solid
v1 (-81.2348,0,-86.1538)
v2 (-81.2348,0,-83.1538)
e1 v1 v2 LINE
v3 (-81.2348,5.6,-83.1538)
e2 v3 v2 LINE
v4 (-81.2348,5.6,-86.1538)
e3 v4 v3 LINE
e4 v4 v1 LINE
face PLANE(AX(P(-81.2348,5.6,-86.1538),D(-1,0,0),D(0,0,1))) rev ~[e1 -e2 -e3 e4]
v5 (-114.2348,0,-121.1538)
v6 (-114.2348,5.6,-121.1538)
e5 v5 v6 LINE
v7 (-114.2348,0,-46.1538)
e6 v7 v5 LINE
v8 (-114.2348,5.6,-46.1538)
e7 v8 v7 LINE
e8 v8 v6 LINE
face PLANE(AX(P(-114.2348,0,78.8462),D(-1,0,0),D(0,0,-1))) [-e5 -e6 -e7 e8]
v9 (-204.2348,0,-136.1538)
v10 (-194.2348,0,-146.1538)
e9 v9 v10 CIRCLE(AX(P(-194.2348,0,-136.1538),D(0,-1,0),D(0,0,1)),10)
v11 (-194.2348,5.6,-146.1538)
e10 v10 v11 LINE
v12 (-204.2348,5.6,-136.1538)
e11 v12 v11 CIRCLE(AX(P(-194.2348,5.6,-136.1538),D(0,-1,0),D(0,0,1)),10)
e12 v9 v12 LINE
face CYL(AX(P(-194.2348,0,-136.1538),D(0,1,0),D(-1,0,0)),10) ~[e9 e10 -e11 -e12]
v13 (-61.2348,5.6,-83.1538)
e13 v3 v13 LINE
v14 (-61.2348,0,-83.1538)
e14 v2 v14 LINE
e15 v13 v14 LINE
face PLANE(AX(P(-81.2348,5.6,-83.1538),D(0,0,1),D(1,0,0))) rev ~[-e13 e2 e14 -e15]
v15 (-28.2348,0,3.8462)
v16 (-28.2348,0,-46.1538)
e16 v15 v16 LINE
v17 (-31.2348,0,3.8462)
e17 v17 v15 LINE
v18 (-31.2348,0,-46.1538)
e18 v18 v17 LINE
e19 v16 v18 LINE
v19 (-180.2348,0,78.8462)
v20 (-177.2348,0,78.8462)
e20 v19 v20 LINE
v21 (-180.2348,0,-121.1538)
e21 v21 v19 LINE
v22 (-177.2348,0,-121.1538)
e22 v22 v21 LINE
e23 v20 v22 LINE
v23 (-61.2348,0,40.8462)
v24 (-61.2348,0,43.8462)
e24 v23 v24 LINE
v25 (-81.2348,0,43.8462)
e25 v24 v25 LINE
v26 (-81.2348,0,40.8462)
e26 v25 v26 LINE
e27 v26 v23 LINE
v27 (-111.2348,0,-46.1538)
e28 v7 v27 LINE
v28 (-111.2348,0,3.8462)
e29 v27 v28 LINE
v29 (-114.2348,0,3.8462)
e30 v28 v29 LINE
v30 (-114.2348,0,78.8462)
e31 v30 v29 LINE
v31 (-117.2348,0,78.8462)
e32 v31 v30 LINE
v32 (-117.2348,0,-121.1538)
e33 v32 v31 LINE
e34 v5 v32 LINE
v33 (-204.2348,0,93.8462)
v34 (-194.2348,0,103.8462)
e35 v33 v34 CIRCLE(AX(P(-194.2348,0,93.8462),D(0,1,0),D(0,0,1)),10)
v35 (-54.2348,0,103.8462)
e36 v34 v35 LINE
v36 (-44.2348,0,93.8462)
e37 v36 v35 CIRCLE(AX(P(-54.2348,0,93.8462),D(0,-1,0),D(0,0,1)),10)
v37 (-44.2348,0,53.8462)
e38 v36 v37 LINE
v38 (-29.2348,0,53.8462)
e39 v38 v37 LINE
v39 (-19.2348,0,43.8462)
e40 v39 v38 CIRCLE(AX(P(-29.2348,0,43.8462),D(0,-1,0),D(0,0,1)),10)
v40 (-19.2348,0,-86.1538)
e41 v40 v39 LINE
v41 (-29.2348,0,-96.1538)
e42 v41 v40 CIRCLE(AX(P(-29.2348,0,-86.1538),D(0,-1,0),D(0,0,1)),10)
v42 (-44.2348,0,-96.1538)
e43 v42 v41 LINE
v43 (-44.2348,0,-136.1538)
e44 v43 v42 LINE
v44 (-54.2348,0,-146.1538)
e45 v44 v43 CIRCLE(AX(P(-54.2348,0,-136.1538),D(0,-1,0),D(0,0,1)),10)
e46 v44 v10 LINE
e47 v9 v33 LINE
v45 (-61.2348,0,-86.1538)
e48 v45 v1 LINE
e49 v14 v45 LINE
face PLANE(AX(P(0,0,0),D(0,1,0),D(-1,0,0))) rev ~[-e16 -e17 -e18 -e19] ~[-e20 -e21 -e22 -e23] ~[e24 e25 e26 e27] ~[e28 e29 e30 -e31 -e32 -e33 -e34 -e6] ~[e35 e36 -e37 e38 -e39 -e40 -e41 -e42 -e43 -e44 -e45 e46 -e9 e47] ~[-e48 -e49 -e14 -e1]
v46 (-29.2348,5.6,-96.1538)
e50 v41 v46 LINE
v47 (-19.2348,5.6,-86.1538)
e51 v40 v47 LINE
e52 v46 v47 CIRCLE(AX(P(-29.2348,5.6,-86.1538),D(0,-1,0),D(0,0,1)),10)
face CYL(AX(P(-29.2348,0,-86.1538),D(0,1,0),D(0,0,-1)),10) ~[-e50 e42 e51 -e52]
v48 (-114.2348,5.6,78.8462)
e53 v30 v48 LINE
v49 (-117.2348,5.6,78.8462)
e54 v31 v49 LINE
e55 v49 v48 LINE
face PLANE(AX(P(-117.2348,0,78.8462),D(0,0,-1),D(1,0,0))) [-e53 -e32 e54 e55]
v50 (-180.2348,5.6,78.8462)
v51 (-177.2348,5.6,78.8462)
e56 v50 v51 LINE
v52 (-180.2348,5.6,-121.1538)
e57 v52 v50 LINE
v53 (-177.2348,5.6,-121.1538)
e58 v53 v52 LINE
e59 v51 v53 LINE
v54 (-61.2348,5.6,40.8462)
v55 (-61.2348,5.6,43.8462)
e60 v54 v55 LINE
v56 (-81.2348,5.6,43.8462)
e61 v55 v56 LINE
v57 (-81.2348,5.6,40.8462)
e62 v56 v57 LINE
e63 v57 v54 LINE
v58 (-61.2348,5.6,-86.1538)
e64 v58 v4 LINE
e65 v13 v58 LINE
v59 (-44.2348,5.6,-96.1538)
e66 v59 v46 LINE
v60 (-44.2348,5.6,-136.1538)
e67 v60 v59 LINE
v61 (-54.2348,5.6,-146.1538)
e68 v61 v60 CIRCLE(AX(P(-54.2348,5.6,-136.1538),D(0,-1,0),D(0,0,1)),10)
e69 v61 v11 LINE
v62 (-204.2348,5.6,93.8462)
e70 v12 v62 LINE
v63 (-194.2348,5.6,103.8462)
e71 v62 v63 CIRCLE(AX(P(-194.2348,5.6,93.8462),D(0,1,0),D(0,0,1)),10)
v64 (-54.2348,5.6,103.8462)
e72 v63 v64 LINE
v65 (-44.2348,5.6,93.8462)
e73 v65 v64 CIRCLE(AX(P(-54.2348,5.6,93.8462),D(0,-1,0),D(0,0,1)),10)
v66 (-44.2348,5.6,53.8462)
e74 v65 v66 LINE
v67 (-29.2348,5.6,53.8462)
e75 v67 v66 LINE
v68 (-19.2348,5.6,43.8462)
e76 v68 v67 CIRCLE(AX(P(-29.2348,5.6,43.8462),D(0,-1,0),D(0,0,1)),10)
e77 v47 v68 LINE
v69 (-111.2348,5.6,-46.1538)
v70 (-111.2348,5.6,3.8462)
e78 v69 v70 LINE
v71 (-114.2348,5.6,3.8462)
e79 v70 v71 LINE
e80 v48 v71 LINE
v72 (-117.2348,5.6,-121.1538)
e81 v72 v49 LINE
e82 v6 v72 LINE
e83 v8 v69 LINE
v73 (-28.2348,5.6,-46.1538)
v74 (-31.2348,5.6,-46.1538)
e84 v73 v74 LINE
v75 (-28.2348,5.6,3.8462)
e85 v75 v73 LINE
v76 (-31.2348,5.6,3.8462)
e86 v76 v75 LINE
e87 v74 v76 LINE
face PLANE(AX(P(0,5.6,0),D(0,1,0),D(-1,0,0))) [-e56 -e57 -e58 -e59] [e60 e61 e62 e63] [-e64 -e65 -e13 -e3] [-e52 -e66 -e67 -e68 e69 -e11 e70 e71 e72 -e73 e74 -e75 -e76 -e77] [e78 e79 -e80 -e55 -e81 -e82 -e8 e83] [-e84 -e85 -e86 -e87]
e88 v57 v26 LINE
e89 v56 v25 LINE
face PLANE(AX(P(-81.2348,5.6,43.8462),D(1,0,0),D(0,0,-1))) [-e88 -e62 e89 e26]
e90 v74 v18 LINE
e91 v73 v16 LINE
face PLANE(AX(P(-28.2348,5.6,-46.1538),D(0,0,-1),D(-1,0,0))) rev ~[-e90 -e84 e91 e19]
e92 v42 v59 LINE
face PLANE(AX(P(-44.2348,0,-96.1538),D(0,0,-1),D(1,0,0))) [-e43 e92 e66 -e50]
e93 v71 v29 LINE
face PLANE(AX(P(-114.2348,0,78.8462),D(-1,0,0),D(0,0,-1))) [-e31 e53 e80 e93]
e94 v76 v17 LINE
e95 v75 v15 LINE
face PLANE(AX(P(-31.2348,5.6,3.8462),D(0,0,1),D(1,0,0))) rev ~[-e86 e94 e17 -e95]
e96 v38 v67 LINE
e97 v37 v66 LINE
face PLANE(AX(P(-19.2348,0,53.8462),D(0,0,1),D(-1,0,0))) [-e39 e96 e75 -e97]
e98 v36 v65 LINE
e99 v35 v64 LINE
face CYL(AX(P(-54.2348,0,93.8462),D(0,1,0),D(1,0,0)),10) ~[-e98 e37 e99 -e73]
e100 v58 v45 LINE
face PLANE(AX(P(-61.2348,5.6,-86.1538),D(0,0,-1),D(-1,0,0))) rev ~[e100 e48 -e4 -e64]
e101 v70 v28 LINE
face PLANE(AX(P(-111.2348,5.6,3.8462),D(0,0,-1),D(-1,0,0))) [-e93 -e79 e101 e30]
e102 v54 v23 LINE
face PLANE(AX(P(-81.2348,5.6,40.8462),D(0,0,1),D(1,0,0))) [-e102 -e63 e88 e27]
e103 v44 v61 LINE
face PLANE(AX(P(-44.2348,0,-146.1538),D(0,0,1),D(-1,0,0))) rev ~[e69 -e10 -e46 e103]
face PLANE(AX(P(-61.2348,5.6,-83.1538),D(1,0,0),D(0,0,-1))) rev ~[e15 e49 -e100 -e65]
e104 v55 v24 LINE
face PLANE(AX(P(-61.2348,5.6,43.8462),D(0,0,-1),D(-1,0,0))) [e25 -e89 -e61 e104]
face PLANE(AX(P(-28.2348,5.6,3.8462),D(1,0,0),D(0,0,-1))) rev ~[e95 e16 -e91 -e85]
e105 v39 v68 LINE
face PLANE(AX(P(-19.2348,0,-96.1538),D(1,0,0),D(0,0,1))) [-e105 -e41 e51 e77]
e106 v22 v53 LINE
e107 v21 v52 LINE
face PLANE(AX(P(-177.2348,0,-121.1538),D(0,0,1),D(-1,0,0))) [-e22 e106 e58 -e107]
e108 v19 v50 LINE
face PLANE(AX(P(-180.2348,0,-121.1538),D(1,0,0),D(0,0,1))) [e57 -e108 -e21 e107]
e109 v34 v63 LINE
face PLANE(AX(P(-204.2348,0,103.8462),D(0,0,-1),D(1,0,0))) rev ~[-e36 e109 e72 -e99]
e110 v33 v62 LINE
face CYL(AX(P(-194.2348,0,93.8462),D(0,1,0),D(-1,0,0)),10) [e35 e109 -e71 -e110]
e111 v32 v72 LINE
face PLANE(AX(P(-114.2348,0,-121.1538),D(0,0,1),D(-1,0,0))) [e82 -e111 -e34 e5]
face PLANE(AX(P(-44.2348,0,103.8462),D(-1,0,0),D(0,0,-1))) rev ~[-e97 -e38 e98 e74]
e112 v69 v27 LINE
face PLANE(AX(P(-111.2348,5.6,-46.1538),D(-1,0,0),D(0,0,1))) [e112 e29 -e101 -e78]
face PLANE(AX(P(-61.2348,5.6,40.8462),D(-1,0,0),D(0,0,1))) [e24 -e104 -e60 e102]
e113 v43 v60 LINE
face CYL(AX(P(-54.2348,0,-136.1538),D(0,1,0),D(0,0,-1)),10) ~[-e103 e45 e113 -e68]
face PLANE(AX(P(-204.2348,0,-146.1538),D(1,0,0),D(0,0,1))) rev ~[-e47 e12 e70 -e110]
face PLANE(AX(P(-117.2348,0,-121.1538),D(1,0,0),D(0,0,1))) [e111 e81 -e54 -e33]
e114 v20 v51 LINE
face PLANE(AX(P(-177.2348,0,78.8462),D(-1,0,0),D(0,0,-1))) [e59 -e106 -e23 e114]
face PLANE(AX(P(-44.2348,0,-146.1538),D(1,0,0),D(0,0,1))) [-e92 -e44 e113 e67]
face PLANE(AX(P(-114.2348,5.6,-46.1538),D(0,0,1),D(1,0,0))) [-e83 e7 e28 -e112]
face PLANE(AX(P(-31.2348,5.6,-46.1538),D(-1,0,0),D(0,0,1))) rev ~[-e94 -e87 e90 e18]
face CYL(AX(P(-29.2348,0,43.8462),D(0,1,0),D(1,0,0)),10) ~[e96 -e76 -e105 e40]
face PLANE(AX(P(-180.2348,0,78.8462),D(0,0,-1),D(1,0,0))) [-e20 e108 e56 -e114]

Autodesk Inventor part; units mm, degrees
ref_plane "YZ Plane" through (0, 0, 0) normal (1, 0, 0) x (0, 1, 0)
ref_plane "XZ Plane" through (0, 0, 0) normal (0, 1, 0) x (-1, 0, 0)
ref_plane "XY Plane" through (0, 0, 0) normal (0, 0, 1) x (1, 0, 0)
sketch "Sketch1" plane through (0, 0, 0) normal (0, 1, 0) x (-1, 0, 0)
  line L0 (204.2348, 103.8462) -> (44.2348, 103.8462)
  line L1 (44.2348, 103.8462) -> (44.2348, -146.1538) construction
  line L2 (44.2348, -146.1538) -> (204.2348, -146.1538)
  line L3 (204.2348, -146.1538) -> (204.2348, 103.8462)
  line L4 (124.2348, 103.8462) -> (124.2348, -146.1538) construction
  line L5 (204.2348, -21.1538) -> (44.2348, -21.1538) construction
  line L6 (180.2348, 78.8462) -> (177.2348, 78.8462)
  line L7 (177.2348, 78.8462) -> (177.2348, -121.1538)
  line L8 (177.2348, -121.1538) -> (180.2348, -121.1538)
  line L9 (180.2348, -121.1538) -> (180.2348, 78.8462)
  line L10 (117.2348, 78.8462) -> (114.2348, 78.8462)
  line L11 (114.2348, 78.8462) -> (114.2348, -121.1538)
  line L12 (114.2348, -121.1538) -> (117.2348, -121.1538)
  line L13 (117.2348, -121.1538) -> (117.2348, 78.8462)
  line L14 (44.2348, -146.1538) -> (44.2348, -96.1538)
  line L15 (44.2348, 103.8462) -> (44.2348, 53.8462)
  line L16 (44.2348, -96.1538) -> (19.2348, -96.1538)
  line L17 (19.2348, -96.1538) -> (19.2348, 53.8462)
  line L18 (19.2348, 53.8462) -> (44.2348, 53.8462)
  point P0 (0, 0)
  dimension "d0" = 160
  dimension "d1" = 250
  dimension "d2" = 3
  dimension "d3" = 3
  dimension "d4" = 200
  dimension "d7" = 60
  dimension "d9" = 150
  dimension "d10" = 25
  dimension "d27" = 70
extrude "Extrusion2" add sketch "Sketch1" along normal blind 5.6
fillet "Fillet2" radius 10 6 edges at (-19.2348, 2.8, 53.8462) (-19.2348, 2.8, -96.1538) (-44.2348, 2.8, 103.8462) (-44.2348, 2.8, -146.1538) (-204.2348, 2.8, -146.1538) (-204.2348, 2.8, 103.8462)
sketch "Sketch3" plane through (0, 5.6, 0) normal (0, 1, 0) x (1, 0, 0)
  line L0 (-114.2348, 121.1538) -> (-114.2348, -78.8462) projected
  line L1 (-114.2348, 21.1538) -> (-19.2348, 21.1538) construction
  line L2 (-19.2348, -43.8462) -> (-19.2348, 86.1538) projected
  line L3 (-114.2348, 46.1538) -> (-111.2348, 46.1538)
  line L4 (-111.2348, 46.1538) -> (-111.2348, -3.8462)
  line L5 (-111.2348, -3.8462) -> (-114.2348, -3.8462)
  line L6 (-81.2348, 86.1538) -> (-81.2348, 83.1538)
  line L7 (-81.2348, 83.1538) -> (-61.2348, 83.1538)
  line L8 (-61.2348, 83.1538) -> (-61.2348, 86.1538)
  line L9 (-61.2348, 86.1538) -> (-81.2348, 86.1538)
  line L10 (-61.2348, -43.8462) -> (-81.2348, -43.8462)
  line L11 (-81.2348, -43.8462) -> (-81.2348, -40.8462)
  line L12 (-81.2348, -40.8462) -> (-61.2348, -40.8462)
  line L13 (-61.2348, -40.8462) -> (-61.2348, -43.8462)
  line L14 (-31.2348, 46.1538) -> (-31.2348, -3.8462)
  line L15 (-31.2348, -3.8462) -> (-28.2348, -3.8462)
  line L16 (-28.2348, -3.8462) -> (-28.2348, 46.1538)
  line L17 (-28.2348, 46.1538) -> (-31.2348, 46.1538)
  line L18 (-111.2348, 13.6812) -> (-31.2348, 13.6812) construction
  line L19 (-71.2348, 13.6812) -> (-71.2348, 32.3126) construction
  point P0 (0, 0)
  point P1 (-81.2348, -42.3462)
  dimension "d28" = 3
  dimension "d29" = 50
  dimension "d30" = 3
  dimension "d31" = 3
  dimension "d32" = 20
  dimension "d34" = 3
  dimension "d38" = 80
extrude "Extrusion4" cut sketch "Sketch3" against normal blind 10
equation "\"d0\" = BaseDepth"
equation "\"d1\" = BaseLength"
equation "\"d2\" = Width"
equation "\"d3\" = Width"
equation "\"d4\" = SlotLength"
equation "\"d28\" = Width"
equation "\"d30\" = Width"
equation "\"d31\" = Width"
equation "\"d34\" = Width"
equation "\"BaseDepth\" = 160"
equation "\"BaseLength\" = 250"
equation "\"Width\" = 3"
equation "\"SlotLength\" = 200"
properties part number "Base" material "ABS Plastic"
